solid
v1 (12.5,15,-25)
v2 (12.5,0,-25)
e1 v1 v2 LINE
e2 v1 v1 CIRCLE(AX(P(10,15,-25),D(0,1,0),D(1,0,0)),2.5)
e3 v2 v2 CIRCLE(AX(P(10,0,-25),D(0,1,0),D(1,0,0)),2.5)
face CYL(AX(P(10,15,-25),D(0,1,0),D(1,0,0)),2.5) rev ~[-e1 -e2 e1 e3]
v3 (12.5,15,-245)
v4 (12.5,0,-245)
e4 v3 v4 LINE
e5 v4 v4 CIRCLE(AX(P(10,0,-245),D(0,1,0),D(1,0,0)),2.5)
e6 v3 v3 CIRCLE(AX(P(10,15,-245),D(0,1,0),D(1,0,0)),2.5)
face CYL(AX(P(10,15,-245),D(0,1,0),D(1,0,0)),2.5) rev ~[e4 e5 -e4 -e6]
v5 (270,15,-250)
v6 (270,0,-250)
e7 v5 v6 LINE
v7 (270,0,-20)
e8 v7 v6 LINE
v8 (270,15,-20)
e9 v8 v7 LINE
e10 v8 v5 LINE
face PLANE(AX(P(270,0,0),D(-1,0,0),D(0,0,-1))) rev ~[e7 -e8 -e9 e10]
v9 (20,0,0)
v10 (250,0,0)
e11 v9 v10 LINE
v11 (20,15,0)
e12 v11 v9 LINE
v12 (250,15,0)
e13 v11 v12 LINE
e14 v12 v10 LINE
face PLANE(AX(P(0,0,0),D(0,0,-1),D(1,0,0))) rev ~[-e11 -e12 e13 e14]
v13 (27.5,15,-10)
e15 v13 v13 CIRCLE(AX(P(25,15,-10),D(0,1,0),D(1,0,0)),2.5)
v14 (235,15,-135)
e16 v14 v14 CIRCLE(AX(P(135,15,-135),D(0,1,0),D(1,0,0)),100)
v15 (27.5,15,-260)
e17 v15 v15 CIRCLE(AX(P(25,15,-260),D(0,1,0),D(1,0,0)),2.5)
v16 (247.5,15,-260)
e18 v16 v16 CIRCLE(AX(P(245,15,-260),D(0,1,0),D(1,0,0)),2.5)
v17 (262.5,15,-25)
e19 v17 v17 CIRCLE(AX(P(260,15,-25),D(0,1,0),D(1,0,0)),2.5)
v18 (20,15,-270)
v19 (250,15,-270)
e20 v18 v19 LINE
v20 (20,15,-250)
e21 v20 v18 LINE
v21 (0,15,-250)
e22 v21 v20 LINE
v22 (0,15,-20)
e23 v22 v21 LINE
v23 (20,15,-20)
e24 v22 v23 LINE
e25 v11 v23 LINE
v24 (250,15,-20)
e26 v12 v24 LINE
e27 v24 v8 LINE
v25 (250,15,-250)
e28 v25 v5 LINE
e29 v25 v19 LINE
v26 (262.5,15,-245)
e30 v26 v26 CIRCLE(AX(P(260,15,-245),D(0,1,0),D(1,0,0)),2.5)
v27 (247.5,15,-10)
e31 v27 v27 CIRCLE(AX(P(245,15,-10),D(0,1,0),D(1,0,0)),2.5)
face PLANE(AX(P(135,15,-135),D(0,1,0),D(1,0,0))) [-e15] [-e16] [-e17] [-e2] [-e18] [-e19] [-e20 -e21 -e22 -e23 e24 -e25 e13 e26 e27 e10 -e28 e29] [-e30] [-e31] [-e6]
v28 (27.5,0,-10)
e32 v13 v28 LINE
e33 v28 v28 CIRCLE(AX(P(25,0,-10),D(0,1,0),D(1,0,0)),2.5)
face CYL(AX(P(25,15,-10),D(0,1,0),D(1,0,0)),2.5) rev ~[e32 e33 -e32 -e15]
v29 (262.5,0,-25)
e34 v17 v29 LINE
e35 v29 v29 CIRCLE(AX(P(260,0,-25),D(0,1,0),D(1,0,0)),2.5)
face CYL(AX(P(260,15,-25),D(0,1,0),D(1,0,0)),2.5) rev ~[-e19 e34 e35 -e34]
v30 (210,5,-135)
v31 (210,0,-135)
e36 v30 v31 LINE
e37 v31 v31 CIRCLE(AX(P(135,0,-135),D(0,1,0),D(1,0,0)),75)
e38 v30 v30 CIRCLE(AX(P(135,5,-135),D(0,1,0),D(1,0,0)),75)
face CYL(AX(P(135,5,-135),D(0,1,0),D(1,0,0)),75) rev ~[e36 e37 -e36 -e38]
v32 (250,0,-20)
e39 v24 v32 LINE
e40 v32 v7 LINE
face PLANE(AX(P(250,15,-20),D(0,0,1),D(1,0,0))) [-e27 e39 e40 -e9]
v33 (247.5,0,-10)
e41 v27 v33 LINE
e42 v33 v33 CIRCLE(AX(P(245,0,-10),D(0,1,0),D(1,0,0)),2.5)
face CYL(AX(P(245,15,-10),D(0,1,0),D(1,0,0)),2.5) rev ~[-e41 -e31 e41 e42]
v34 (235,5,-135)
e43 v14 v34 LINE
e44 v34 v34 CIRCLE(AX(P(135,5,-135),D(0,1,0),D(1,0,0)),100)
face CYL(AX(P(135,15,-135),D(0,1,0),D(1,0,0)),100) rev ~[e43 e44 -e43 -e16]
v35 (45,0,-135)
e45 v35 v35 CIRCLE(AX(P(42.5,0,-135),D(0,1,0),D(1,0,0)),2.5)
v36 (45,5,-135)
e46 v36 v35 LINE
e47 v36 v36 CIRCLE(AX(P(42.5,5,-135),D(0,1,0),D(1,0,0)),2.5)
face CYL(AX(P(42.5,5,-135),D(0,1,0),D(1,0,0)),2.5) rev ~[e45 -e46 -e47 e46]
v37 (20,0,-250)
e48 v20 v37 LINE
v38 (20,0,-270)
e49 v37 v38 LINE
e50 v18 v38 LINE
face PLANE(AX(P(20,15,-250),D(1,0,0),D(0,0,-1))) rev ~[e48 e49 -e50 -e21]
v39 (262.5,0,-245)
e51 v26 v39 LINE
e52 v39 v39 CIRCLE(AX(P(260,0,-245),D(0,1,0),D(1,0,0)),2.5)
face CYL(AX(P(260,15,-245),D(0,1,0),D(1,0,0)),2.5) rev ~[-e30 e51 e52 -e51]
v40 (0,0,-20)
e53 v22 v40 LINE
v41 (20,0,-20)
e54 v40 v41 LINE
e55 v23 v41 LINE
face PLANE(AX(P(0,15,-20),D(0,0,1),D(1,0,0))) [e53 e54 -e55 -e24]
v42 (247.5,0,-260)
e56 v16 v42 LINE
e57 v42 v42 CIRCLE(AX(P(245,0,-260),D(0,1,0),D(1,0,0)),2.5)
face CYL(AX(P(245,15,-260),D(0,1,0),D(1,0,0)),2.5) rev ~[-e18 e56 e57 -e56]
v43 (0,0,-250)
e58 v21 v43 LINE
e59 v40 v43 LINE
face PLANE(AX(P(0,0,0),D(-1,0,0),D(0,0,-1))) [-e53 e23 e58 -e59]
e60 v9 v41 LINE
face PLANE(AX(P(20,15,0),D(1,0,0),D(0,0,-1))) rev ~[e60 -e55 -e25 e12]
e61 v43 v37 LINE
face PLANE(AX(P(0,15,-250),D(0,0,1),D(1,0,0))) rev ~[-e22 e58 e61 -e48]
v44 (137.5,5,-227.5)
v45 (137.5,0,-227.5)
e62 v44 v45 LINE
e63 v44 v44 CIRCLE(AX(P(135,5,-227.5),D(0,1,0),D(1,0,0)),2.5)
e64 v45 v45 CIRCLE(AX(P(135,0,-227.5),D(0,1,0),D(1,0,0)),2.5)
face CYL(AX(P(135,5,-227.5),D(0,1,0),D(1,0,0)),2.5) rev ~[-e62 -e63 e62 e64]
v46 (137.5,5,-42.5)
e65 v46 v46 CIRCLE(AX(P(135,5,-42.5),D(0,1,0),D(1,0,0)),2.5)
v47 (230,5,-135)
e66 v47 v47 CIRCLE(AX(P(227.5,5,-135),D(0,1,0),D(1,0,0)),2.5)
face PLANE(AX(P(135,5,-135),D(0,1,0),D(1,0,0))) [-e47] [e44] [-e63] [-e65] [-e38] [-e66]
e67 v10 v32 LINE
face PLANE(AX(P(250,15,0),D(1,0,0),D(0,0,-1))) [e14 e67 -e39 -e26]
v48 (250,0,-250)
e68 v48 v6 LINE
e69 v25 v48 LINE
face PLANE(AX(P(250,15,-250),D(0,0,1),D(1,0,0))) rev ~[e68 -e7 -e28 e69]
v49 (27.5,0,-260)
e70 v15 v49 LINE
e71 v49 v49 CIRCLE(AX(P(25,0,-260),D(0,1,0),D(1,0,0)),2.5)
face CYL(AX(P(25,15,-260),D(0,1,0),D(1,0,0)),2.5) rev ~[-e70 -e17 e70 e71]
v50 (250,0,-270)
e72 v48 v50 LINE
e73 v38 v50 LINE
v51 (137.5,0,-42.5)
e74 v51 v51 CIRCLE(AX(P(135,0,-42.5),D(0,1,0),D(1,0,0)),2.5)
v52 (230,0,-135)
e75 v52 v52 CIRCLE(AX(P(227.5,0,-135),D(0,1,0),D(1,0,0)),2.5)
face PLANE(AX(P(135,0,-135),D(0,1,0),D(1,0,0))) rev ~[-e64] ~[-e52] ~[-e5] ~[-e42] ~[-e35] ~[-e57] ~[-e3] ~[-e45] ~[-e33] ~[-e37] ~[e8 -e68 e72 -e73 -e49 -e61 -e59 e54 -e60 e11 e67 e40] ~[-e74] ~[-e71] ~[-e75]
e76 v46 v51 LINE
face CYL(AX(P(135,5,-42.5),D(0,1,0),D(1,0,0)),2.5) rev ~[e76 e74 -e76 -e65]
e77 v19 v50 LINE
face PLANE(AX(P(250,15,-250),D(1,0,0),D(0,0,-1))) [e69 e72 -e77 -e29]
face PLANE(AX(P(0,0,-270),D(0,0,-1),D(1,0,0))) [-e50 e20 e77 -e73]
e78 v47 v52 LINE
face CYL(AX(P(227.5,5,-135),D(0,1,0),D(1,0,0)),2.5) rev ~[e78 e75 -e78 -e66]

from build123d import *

# Parameters (mm, degrees)
SKETCH1_W           = 270
SKETCH1_H           = 270
BOSS_EXTRUDE1_DEPTH = 15
SKETCH8_W           = 20
SKETCH8_H           = 20
CUT_EXTRUDE1_DEPTH  = 16
SKETCH9_R           = 2.5
CUT_EXTRUDE2_DEPTH  = 16
SKETCH10_R          = 100
CUT_EXTRUDE3_DEPTH  = 10
SKETCH12_R          = 75
SKETCH12_R_2        = 2.5
CUT_EXTRUDE4_DEPTH  = 6


with BuildPart() as part:
    # Sketch1 → Boss-Extrude1 (new body)
    with BuildSketch(Plane(origin=(0, 0, 0), x_dir=(1, 0, 0), z_dir=(0, 1, 0))):
        with Locations((135, 135)):
            Rectangle(SKETCH1_W, SKETCH1_H)
    extrude(amount=BOSS_EXTRUDE1_DEPTH)

    # Sketch8 → Cut-Extrude1 (cut, through all)
    with BuildSketch(Plane(origin=(0, 15, 0), x_dir=(1, 0, 0), z_dir=(0, 1, 0))):
        with Locations((10, 260)):
            Rectangle(SKETCH8_W, SKETCH8_H)
        with Locations((260, 260)):
            Rectangle(SKETCH8_W, SKETCH8_H)
        with Locations((260, 10)):
            Rectangle(SKETCH8_W, SKETCH8_H)
        with Locations((10, 10)):
            Rectangle(SKETCH8_W, SKETCH8_H)
    extrude(amount=-CUT_EXTRUDE1_DEPTH, mode=Mode.SUBTRACT)

    # Sketch9 → Cut-Extrude2 (cut, through all)
    with BuildSketch(Plane(origin=(0, 15, 0), x_dir=(1, 0, 0), z_dir=(0, 1, 0))):
        with Locations((10, 245)):
            Circle(SKETCH9_R)
        with Locations((10, 25)):
            Circle(SKETCH9_R)
        with Locations((25, 10)):
            Circle(SKETCH9_R)
        with Locations((245, 10)):
            Circle(SKETCH9_R)
        with Locations((260, 25)):
            Circle(SKETCH9_R)
        with Locations((260, 245)):
            Circle(SKETCH9_R)
        with Locations((245, 260)):
            Circle(SKETCH9_R)
        with Locations((25, 260)):
            Circle(SKETCH9_R)
    extrude(amount=-CUT_EXTRUDE2_DEPTH, mode=Mode.SUBTRACT)

    # Sketch10 → Cut-Extrude3 (cut)
    with BuildSketch(Plane(origin=(0, 15, 0), x_dir=(1, 0, 0), z_dir=(0, 1, 0))):
        with Locations((135, 135)):
            Circle(SKETCH10_R)
    extrude(amount=-CUT_EXTRUDE3_DEPTH, mode=Mode.SUBTRACT)

    # Sketch12 → Cut-Extrude4 (cut, through all)
    with BuildSketch(Plane(origin=(0, 5, 0), x_dir=(1, 0, 0), z_dir=(0, 1, 0))):
        with Locations((135, 135)):
            Circle(SKETCH12_R)
        with Locations((135, 227.5)):
            Circle(SKETCH12_R_2)
        with Locations((227.5, 135)):
            Circle(SKETCH12_R_2)
        with Locations((135, 42.5)):
            Circle(SKETCH12_R_2)
        with Locations((42.5, 135)):
            Circle(SKETCH12_R_2)
    extrude(amount=-CUT_EXTRUDE4_DEPTH, mode=Mode.SUBTRACT)


solid = part.part
